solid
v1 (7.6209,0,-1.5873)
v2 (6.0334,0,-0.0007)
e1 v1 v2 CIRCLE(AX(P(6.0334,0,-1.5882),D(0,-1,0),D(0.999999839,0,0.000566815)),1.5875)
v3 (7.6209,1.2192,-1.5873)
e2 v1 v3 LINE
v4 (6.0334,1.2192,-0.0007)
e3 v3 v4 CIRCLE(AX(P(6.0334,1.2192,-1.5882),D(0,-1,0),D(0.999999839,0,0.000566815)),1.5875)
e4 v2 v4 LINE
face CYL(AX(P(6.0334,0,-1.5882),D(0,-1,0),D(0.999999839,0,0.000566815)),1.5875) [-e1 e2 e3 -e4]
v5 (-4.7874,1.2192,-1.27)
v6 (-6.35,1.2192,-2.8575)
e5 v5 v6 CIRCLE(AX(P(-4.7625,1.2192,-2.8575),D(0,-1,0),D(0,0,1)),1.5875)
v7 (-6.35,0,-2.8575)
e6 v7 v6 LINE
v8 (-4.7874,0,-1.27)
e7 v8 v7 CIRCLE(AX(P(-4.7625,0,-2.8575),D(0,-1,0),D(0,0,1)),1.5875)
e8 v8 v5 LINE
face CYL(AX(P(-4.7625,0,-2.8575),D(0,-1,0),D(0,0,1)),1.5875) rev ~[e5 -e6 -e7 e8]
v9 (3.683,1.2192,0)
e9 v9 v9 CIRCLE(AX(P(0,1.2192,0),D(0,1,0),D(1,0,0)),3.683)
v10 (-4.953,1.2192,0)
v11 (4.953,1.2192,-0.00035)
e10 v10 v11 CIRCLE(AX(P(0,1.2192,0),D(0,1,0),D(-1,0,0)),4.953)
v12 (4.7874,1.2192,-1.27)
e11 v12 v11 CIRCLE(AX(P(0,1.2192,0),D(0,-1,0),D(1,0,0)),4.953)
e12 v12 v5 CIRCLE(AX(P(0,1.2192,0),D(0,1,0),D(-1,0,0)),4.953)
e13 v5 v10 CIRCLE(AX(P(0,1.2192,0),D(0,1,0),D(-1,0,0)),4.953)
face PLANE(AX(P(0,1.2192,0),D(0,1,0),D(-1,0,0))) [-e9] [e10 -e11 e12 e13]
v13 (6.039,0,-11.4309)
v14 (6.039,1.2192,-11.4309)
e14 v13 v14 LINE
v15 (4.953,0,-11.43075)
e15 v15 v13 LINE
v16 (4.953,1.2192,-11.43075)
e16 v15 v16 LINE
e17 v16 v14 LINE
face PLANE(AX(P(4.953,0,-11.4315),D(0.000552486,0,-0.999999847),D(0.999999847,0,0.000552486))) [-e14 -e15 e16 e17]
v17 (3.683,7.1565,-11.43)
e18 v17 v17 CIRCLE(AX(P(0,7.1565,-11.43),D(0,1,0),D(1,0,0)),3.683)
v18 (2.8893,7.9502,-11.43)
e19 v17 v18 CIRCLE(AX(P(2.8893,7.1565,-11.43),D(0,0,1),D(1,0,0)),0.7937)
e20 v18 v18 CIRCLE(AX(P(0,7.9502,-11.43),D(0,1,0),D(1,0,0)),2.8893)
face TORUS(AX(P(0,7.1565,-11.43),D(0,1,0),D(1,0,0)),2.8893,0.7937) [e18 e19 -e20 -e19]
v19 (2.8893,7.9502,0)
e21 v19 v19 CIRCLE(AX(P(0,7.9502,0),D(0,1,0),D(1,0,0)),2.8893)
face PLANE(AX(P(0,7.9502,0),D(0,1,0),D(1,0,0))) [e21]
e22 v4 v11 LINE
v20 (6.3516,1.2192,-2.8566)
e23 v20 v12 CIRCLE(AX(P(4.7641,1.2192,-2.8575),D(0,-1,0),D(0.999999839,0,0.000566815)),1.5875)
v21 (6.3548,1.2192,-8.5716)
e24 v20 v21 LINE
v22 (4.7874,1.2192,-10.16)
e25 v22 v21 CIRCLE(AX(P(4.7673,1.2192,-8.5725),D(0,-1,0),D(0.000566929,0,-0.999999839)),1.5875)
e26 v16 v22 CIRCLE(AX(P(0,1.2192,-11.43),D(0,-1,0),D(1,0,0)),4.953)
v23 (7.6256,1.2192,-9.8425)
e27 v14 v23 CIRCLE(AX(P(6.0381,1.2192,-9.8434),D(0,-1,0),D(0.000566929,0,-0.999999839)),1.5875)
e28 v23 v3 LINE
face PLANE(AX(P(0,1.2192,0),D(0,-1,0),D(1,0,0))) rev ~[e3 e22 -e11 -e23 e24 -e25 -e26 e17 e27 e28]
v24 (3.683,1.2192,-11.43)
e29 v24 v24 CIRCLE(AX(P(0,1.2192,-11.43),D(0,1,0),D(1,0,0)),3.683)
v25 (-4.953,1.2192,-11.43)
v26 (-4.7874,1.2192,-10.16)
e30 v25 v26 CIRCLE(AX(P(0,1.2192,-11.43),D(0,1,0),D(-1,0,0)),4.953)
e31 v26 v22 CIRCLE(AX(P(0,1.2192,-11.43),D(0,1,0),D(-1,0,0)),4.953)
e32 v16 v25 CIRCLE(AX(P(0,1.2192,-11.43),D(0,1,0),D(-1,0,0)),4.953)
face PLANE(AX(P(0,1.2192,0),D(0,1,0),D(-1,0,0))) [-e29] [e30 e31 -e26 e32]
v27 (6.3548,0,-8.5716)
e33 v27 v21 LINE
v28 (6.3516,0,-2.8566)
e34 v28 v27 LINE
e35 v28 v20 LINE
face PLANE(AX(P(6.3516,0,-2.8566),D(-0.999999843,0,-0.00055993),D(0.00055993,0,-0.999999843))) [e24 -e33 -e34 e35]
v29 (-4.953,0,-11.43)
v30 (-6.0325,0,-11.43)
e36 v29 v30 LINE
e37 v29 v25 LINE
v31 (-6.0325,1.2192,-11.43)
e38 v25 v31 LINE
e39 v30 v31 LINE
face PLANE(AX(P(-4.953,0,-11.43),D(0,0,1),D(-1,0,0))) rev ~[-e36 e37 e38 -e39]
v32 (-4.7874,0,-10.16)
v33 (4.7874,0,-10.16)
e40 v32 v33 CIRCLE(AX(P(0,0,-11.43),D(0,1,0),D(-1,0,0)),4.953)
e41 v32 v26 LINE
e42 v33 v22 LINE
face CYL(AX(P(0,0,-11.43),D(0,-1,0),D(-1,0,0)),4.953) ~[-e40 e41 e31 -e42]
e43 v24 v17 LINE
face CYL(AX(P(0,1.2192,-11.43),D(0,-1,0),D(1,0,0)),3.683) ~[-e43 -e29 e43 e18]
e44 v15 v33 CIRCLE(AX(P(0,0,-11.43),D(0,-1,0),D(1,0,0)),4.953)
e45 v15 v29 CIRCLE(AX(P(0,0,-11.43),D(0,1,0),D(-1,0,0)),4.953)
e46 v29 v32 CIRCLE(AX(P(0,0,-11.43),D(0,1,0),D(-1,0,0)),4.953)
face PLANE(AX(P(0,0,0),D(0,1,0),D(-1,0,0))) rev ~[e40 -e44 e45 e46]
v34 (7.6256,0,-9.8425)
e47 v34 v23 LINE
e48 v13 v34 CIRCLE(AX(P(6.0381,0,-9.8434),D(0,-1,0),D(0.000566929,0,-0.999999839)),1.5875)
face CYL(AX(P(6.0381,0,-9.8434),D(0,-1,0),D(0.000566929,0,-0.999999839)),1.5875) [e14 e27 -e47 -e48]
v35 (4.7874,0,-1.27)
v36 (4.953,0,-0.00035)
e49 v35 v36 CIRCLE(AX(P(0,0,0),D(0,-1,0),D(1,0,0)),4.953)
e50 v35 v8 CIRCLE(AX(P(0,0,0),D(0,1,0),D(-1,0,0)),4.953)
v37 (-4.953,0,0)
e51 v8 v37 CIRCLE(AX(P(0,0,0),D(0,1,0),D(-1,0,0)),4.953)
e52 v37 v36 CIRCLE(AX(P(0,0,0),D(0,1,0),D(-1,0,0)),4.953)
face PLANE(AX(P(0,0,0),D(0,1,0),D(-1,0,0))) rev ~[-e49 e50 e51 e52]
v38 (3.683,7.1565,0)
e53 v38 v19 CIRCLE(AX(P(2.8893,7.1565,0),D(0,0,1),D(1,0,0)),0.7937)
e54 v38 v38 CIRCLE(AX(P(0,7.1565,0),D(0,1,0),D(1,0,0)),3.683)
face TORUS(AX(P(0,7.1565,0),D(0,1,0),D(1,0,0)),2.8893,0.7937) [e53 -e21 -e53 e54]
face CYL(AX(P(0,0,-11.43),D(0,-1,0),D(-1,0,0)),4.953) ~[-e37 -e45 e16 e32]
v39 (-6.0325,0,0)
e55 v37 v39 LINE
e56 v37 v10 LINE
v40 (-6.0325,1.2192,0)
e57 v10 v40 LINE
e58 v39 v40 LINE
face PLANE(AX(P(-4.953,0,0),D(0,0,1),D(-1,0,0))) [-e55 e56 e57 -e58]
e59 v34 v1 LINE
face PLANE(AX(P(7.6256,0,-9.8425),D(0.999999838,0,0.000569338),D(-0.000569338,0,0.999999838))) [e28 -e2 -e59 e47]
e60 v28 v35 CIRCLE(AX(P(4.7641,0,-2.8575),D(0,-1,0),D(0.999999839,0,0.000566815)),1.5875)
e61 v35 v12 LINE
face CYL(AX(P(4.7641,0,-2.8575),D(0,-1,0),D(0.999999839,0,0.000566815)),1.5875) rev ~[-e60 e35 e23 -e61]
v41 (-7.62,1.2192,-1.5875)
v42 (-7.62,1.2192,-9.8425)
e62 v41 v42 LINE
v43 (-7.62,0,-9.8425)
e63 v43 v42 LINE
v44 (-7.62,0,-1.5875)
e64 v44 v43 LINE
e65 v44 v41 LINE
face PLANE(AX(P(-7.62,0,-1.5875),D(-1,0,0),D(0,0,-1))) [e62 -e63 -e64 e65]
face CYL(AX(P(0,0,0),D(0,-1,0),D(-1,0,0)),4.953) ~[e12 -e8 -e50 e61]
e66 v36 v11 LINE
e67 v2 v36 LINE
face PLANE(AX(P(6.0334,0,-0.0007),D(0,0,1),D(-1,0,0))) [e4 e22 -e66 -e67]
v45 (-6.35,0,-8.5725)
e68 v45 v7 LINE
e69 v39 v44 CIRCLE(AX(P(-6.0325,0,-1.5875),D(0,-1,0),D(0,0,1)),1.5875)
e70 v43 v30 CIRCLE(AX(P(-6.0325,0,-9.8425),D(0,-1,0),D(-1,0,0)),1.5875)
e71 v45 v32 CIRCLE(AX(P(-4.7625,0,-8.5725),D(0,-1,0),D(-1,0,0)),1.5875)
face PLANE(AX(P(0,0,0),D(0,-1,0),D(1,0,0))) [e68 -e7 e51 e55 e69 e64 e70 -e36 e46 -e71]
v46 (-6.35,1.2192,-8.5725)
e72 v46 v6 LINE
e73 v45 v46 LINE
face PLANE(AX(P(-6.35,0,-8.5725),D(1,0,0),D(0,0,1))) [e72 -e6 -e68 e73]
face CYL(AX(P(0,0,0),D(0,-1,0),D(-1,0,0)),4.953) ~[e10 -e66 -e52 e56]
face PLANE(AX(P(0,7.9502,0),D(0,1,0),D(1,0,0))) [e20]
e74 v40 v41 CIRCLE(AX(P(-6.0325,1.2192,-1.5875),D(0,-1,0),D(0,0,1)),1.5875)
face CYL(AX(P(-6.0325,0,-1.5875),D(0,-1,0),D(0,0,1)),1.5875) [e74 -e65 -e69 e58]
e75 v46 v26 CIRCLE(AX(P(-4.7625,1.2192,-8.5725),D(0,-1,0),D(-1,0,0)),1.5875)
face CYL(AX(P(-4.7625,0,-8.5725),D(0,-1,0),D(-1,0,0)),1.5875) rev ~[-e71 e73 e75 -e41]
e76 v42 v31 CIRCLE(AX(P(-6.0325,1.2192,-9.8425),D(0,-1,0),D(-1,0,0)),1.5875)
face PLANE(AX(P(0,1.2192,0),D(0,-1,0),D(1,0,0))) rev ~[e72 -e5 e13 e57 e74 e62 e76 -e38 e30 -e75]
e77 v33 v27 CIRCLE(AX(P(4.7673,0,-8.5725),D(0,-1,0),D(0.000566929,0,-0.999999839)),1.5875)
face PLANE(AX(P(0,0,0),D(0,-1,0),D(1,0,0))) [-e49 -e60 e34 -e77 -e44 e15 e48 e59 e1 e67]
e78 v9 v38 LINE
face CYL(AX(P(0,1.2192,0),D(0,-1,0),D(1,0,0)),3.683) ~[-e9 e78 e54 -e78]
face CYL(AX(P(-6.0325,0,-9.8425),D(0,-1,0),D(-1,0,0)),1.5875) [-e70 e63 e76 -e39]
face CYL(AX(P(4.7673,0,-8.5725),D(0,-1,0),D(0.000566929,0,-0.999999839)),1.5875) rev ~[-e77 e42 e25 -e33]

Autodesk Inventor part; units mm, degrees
ref_plane "YZ Plane" through (0, 0, 0) normal (1, 0, 0) x (0, 1, 0)
ref_plane "XZ Plane" through (0, 0, 0) normal (0, 1, 0) x (-1, 0, 0)
ref_plane "XY Plane" through (0, 0, 0) normal (0, 0, 1) x (1, 0, 0)
sketch "Sketch1" plane through (0, 0, 0) normal (0, 1, 0) x (-1, 0, 0)
  circle A0 centre (0, 0) radius 4.953
  circle A1 centre (0, -11.43) radius 4.953
  dimension "d0" = 9.906
  dimension "d1" = 9.906
  dimension "d2" = 11.43
extrude "Extrusion1" add sketch "Sketch1" along normal blind 1.2192
sketch "Sketch2" plane through (0, 1.2192, 0) normal (0, 1, 0) x (1, 0, 0)
  circle A0 centre (0, 0) radius 3.683
  circle A1 centre (0, 11.43) radius 3.683
  dimension "d5" = 7.366
  dimension "d6" = 7.366
  dimension "d7" = 11.43
extrude "Extrusion2" add sketch "Sketch2" along normal blind 6.731
fillet "Fillet1" radius 0.7937 2 edges at (-3.683, 7.9502, -11.43) (-3.683, 7.9502, 0)
sketch "Sketch3" plane through (0, 0, 0) normal (0, -1, 0) x (1, 0, 0)
  circle A0 centre (0, 0) radius 2.8892 projected
  line L0 (-4.953, 0) -> (-6.0325, 0)
  line L1 (-7.62, -1.5875) -> (-7.62, -9.8425)
  line L2 (-4.953, -11.43) -> (-6.0325, -11.43)
  circle A1 centre (0, -11.43) radius 4.953 projected
  line L3 (4.953, -11.4315) -> (6.039, -11.4309)
  line L4 (7.6256, -9.8425) -> (7.6209, -1.5873)
  line L5 (6.0334, -0.0007) -> (4.953, -0.0007)
  line L6 (-6.35, -8.5725) -> (-6.35, -2.8575)
  line L7 (-4.7625, -1.27) -> (-4.7874, -1.27)
  line L8 (-4.7874, -10.16) -> (-4.7625, -10.16)
  circle A2 centre (0, 0) radius 4.953 projected
  line L9 (4.7874, -1.27) -> (4.7641, -1.27)
  line L10 (6.3516, -2.8566) -> (6.3548, -8.5716)
  line L11 (4.7682, -10.16) -> (4.7874, -10.16)
  arc A3 (6.039, -11.4309) -> (7.6256, -9.8425) centre (6.0381, -9.8434) ccw
  arc A4 (4.7682, -10.16) -> (6.3548, -8.5716) centre (4.7673, -8.5725) ccw
  arc A5 (7.6209, -1.5873) -> (6.0334, -0.0007) centre (6.0334, -1.5882) ccw
  arc A6 (6.3516, -2.8566) -> (4.7641, -1.27) centre (4.7641, -2.8575) ccw
  arc A7 (-6.0325, 0) -> (-7.62, -1.5875) centre (-6.0325, -1.5875) ccw
  arc A8 (-4.7625, -1.27) -> (-6.35, -2.8575) centre (-4.7625, -2.8575) ccw
  arc A9 (-6.35, -8.5725) -> (-4.7625, -10.16) centre (-4.7625, -8.5725) ccw
  arc A10 (-7.62, -9.8425) -> (-6.0325, -11.43) centre (-6.0325, -9.8425) ccw
  circle A11 centre (0, -11.43) radius 2.8892 projected
  point P0 (7.6265, -11.43)
  dimension "d12" = 1.27
  dimension "d14" = 1.5875
  dimension "d17" = 7.62
  dimension "d18" = 1.27
  dimension "d21" = 7.62
  dimension "d22" = 1.27
  dimension "d23" = 1.2716
extrude "Extrusion3" add sketch "Sketch3" against normal blind 1.2192 contours A2 A8 L6 A9 A1 L2 A10 L1 A7 L0 | L5 A5 L4 A3 L3 A1 A4 L10 A6 A2
properties part number "push_buttons"
